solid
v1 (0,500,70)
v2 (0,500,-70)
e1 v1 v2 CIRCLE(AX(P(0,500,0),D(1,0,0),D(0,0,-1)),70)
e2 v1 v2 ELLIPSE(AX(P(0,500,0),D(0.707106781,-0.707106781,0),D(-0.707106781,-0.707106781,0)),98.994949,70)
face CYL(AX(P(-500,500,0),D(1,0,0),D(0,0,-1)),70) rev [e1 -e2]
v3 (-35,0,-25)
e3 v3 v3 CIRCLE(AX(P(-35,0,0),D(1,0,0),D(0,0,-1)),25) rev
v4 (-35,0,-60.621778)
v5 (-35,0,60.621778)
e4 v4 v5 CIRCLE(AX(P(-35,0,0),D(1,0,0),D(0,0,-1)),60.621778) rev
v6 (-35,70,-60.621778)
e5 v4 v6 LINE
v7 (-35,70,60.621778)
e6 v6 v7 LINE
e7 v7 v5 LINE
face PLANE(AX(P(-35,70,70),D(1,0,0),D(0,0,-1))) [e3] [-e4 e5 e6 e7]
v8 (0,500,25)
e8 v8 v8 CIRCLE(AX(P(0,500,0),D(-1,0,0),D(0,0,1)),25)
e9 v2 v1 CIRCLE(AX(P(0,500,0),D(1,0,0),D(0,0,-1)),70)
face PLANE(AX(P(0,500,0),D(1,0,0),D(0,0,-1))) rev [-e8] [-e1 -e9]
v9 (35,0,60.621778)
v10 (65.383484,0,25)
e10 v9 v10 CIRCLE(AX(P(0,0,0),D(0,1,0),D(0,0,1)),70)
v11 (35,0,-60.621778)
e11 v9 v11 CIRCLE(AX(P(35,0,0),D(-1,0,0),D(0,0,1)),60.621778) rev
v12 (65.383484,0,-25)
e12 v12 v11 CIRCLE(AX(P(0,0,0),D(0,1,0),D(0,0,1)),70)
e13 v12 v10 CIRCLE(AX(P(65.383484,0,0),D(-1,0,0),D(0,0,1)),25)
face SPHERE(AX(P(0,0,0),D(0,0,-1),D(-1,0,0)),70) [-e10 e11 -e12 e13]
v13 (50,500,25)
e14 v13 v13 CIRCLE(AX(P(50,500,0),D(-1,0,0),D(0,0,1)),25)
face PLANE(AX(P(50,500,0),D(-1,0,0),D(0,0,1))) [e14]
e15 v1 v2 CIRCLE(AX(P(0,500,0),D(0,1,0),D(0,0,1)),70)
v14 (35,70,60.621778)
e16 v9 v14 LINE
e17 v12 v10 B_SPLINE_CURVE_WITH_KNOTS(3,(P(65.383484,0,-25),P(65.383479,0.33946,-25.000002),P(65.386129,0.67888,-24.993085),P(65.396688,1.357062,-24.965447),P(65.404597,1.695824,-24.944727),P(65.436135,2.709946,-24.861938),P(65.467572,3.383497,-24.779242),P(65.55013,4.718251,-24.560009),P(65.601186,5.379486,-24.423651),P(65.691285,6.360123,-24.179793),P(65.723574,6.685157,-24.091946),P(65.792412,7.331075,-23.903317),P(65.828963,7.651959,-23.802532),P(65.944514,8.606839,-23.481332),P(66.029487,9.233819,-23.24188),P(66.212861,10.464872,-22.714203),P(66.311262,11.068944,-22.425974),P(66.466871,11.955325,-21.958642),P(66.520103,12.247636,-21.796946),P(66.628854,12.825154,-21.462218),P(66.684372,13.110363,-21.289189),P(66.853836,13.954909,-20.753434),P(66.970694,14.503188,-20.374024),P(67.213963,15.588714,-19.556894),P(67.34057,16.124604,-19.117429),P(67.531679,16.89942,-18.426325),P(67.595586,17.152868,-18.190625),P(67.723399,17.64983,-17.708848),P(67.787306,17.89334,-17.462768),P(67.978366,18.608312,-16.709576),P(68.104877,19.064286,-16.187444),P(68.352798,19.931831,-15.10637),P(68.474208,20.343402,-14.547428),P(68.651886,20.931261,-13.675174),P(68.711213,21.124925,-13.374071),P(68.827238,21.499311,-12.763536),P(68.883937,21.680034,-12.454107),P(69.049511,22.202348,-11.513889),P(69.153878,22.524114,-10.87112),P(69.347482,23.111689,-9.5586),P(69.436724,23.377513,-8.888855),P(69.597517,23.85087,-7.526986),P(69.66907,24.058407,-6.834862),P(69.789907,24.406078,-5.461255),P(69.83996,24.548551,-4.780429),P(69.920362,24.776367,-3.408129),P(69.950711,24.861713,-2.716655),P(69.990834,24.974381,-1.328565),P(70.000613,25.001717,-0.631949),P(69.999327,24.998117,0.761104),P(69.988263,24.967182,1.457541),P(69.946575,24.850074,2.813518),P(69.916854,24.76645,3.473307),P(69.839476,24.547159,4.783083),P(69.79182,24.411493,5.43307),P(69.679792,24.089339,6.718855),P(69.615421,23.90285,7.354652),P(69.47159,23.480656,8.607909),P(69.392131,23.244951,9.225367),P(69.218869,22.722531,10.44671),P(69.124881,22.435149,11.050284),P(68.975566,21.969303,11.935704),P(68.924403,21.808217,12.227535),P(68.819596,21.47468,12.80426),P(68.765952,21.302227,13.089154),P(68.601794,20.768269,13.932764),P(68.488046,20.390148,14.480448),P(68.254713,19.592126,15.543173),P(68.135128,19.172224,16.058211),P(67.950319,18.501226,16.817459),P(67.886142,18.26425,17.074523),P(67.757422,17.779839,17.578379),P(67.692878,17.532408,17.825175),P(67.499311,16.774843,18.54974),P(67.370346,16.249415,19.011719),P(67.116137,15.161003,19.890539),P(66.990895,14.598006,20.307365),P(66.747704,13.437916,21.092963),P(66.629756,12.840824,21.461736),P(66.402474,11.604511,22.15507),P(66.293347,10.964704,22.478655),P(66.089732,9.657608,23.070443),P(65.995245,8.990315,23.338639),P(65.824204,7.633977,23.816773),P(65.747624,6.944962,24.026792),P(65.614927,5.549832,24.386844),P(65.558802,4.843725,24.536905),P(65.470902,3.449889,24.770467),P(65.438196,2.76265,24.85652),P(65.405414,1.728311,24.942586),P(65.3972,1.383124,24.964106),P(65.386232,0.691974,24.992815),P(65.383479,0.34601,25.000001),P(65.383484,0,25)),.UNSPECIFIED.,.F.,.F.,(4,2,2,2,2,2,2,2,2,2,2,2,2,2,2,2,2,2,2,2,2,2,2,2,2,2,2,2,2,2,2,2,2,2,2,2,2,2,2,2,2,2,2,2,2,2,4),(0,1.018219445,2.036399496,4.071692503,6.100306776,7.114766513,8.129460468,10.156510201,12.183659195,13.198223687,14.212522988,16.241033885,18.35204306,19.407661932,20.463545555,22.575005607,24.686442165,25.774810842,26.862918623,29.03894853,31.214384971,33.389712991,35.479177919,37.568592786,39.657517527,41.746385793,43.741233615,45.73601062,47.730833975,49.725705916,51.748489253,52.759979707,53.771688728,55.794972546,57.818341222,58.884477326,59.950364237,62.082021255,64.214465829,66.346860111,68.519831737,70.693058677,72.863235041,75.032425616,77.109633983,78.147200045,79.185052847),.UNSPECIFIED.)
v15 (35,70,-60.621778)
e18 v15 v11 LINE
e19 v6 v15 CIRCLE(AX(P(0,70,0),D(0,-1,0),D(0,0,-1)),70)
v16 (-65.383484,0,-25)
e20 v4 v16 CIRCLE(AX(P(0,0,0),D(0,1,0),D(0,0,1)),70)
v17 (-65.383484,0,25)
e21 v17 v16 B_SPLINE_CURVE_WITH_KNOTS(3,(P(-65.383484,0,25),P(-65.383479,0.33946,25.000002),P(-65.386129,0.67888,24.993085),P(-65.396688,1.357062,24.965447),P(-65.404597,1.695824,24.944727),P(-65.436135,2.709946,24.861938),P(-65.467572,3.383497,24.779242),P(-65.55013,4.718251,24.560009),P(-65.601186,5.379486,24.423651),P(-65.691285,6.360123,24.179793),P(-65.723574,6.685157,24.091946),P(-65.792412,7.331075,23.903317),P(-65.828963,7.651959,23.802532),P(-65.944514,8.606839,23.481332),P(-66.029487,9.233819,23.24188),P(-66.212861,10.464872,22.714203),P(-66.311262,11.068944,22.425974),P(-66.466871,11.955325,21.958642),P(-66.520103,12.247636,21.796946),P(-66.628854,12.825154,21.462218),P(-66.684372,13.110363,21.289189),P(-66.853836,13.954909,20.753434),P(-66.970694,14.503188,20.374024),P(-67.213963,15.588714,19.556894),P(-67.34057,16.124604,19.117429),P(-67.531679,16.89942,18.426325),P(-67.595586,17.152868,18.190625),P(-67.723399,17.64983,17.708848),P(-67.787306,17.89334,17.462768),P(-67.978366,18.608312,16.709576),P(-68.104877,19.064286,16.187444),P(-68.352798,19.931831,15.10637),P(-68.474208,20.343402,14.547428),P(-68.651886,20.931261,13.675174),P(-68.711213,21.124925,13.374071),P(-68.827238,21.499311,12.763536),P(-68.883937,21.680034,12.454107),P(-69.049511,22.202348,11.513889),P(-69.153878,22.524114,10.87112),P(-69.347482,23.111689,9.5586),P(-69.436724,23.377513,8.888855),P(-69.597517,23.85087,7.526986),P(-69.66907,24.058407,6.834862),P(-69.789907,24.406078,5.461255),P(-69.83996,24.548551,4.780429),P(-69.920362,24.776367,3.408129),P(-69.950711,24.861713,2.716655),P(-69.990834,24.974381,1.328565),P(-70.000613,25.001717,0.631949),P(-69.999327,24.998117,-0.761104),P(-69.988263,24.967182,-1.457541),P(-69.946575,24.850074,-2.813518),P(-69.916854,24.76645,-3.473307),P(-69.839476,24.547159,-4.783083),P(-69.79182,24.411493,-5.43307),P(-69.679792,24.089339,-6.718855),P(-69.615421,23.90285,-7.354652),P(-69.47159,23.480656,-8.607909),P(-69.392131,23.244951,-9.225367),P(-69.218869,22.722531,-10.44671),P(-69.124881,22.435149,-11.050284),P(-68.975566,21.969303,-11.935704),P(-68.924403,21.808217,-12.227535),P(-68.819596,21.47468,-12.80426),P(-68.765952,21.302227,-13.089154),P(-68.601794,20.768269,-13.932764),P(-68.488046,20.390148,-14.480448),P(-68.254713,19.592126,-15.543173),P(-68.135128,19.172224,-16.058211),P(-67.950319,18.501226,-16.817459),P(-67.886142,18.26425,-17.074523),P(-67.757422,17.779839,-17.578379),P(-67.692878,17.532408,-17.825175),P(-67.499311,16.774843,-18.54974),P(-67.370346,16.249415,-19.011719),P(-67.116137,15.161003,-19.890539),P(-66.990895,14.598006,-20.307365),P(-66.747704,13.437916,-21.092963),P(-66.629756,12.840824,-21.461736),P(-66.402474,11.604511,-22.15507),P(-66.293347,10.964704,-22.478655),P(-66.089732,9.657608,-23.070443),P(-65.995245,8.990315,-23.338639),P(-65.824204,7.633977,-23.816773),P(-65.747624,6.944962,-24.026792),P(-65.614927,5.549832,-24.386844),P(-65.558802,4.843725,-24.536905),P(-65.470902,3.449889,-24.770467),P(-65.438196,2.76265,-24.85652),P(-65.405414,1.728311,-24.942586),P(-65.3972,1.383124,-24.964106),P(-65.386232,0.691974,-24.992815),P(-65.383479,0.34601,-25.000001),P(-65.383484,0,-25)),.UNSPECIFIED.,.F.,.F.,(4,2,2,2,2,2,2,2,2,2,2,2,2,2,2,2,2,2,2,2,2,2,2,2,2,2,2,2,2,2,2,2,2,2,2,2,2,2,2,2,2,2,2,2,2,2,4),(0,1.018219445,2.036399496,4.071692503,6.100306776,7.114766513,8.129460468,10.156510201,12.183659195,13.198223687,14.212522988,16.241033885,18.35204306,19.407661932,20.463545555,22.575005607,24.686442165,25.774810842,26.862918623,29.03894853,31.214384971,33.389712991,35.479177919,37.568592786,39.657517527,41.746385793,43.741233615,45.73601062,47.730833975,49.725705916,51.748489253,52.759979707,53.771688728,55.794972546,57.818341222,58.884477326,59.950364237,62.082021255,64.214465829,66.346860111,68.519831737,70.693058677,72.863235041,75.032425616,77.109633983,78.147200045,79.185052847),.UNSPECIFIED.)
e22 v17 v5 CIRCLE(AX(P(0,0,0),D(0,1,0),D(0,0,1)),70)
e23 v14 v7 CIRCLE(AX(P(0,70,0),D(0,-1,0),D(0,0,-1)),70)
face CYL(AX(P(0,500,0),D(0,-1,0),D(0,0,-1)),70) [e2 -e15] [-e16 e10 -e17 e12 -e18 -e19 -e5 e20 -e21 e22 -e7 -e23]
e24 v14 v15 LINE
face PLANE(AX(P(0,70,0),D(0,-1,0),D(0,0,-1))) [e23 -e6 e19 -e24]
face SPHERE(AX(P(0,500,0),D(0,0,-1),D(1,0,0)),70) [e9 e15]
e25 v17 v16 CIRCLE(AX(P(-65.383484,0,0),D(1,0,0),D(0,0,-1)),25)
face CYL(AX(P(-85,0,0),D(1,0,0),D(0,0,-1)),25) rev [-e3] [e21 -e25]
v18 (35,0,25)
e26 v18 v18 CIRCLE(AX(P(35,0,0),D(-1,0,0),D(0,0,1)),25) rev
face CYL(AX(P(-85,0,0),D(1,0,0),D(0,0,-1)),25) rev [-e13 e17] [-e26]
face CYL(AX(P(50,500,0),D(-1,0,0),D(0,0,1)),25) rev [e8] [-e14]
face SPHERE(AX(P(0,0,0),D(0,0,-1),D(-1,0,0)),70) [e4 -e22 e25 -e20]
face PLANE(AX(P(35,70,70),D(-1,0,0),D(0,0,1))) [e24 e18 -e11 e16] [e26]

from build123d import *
from build123d.topology import SkipClean

# Parameters (mm, degrees)
SKETCH2_R               = 70.00000000000001
BOSS_EXTRUDE1_DEPTH     = 500
SKETCH5_R               = 70.00000000000003
CUT_EXTRUDE1_DEPTH      = 500
CUT_EXTRUDE2_DEPTH      = 70
CUT_EXTRUDE2_DEPTH_BACK = 100
SKETCH6_W               = 70
SKETCH6_H               = 140
CUT_EXTRUDE3_DEPTH      = 120
CUT_EXTRUDE3_DEPTH_BACK = 100
SKETCH7_R               = 25
SKETCH8_R               = 25.000000000000007
CUT_EXTRUDE4_DEPTH      = 50


with BuildPart() as part:
    # Sketch2 → Boss-Extrude1 (new body)
    with BuildSketch(Plane(origin=(0, 0, 0), x_dir=(1, 0, 0), z_dir=(0, 1, 0))):
        with Locations(Location((0, 0, 0), (0, 0, 270))):
            Circle(SKETCH2_R)
    extrude(amount=BOSS_EXTRUDE1_DEPTH)

    # Sketch3 one side → Revolve1 (revolve)
    with SkipClean():  # the faces are left unmerged after this step: merging them gives an invalid solid
        with BuildSketch(Plane(origin=(0, 0, 0), x_dir=(-1, 0, 0), z_dir=(0, -1, 0))):
            with BuildLine():
                ThreePointArc((-1.505e-12, -70.00000000000001), (49.497474683057796, -49.49747468305888), (70.00000000000001, -2.07e-14))
                ThreePointArc((70.00000000000001, -3.55e-15), (49.497474683058854, 49.49747468305782), (1.46534e-12, 70.00000000000001))
                Line((0, 70.00000000000001), (0, -70.00000000000001))
            make_face()
        revolve(axis=Axis((0, 0, 0), (0, 0, 1)))

    # Sketch4 → Revolve2 (revolve)
    with SkipClean():  # the faces are left unmerged after this step: merging them gives an invalid solid
        with BuildSketch(Plane(origin=(0, 500, 0), x_dir=(1, 0, 0), z_dir=(0, 1, 0))):
            with BuildLine():
                Line((0, 70.00000000000001), (0, -70.00000000000001))
                ThreePointArc((0, -70.00000000000001), (70.00000000000001, 0), (0, 70.00000000000001))
            make_face()
        revolve(axis=Axis((0, 500, -70.00000000000001), (0, 0, 1)))

    # Sketch5 → Cut-Extrude1 (cut)
    with SkipClean():  # the faces are left unmerged after this step: merging them gives an invalid solid
        with BuildSketch(Plane(origin=(0, 0, 0), x_dir=(0, 0, -1), z_dir=(1, 0, 0))):
            with Locations((0, 500)):
                Circle(SKETCH5_R)
        extrude(amount=-CUT_EXTRUDE1_DEPTH, mode=Mode.SUBTRACT)

    # Sketch6 → Cut-Extrude2 (cut, two sides: drawn at the far end of the back side and taken through both)
    with BuildSketch(Plane(origin=(0, 0, 0), x_dir=(1, 0, 0), z_dir=(0, 1, 0)).offset(-CUT_EXTRUDE2_DEPTH_BACK)):
        Rectangle(SKETCH6_W, SKETCH6_H)
    extrude(amount=CUT_EXTRUDE2_DEPTH + CUT_EXTRUDE2_DEPTH_BACK, mode=Mode.SUBTRACT)

    # Sketch7 → Cut-Extrude3 (cut, two sides: drawn at the far end of the back side and taken through both)
    with BuildSketch(Plane.ZY.offset(-35).offset(-CUT_EXTRUDE3_DEPTH_BACK)):
        with Locations(Location((0, 0, 0), (0, 0, 180))):
            Circle(SKETCH7_R)
    extrude(amount=CUT_EXTRUDE3_DEPTH + CUT_EXTRUDE3_DEPTH_BACK, mode=Mode.SUBTRACT)

    # Sketch8 → Cut-Extrude4 (cut)
    with BuildSketch(Plane.ZY):
        with Locations((0, 500)):
            Circle(SKETCH8_R)
    extrude(amount=-CUT_EXTRUDE4_DEPTH, mode=Mode.SUBTRACT)


solid = part.part
